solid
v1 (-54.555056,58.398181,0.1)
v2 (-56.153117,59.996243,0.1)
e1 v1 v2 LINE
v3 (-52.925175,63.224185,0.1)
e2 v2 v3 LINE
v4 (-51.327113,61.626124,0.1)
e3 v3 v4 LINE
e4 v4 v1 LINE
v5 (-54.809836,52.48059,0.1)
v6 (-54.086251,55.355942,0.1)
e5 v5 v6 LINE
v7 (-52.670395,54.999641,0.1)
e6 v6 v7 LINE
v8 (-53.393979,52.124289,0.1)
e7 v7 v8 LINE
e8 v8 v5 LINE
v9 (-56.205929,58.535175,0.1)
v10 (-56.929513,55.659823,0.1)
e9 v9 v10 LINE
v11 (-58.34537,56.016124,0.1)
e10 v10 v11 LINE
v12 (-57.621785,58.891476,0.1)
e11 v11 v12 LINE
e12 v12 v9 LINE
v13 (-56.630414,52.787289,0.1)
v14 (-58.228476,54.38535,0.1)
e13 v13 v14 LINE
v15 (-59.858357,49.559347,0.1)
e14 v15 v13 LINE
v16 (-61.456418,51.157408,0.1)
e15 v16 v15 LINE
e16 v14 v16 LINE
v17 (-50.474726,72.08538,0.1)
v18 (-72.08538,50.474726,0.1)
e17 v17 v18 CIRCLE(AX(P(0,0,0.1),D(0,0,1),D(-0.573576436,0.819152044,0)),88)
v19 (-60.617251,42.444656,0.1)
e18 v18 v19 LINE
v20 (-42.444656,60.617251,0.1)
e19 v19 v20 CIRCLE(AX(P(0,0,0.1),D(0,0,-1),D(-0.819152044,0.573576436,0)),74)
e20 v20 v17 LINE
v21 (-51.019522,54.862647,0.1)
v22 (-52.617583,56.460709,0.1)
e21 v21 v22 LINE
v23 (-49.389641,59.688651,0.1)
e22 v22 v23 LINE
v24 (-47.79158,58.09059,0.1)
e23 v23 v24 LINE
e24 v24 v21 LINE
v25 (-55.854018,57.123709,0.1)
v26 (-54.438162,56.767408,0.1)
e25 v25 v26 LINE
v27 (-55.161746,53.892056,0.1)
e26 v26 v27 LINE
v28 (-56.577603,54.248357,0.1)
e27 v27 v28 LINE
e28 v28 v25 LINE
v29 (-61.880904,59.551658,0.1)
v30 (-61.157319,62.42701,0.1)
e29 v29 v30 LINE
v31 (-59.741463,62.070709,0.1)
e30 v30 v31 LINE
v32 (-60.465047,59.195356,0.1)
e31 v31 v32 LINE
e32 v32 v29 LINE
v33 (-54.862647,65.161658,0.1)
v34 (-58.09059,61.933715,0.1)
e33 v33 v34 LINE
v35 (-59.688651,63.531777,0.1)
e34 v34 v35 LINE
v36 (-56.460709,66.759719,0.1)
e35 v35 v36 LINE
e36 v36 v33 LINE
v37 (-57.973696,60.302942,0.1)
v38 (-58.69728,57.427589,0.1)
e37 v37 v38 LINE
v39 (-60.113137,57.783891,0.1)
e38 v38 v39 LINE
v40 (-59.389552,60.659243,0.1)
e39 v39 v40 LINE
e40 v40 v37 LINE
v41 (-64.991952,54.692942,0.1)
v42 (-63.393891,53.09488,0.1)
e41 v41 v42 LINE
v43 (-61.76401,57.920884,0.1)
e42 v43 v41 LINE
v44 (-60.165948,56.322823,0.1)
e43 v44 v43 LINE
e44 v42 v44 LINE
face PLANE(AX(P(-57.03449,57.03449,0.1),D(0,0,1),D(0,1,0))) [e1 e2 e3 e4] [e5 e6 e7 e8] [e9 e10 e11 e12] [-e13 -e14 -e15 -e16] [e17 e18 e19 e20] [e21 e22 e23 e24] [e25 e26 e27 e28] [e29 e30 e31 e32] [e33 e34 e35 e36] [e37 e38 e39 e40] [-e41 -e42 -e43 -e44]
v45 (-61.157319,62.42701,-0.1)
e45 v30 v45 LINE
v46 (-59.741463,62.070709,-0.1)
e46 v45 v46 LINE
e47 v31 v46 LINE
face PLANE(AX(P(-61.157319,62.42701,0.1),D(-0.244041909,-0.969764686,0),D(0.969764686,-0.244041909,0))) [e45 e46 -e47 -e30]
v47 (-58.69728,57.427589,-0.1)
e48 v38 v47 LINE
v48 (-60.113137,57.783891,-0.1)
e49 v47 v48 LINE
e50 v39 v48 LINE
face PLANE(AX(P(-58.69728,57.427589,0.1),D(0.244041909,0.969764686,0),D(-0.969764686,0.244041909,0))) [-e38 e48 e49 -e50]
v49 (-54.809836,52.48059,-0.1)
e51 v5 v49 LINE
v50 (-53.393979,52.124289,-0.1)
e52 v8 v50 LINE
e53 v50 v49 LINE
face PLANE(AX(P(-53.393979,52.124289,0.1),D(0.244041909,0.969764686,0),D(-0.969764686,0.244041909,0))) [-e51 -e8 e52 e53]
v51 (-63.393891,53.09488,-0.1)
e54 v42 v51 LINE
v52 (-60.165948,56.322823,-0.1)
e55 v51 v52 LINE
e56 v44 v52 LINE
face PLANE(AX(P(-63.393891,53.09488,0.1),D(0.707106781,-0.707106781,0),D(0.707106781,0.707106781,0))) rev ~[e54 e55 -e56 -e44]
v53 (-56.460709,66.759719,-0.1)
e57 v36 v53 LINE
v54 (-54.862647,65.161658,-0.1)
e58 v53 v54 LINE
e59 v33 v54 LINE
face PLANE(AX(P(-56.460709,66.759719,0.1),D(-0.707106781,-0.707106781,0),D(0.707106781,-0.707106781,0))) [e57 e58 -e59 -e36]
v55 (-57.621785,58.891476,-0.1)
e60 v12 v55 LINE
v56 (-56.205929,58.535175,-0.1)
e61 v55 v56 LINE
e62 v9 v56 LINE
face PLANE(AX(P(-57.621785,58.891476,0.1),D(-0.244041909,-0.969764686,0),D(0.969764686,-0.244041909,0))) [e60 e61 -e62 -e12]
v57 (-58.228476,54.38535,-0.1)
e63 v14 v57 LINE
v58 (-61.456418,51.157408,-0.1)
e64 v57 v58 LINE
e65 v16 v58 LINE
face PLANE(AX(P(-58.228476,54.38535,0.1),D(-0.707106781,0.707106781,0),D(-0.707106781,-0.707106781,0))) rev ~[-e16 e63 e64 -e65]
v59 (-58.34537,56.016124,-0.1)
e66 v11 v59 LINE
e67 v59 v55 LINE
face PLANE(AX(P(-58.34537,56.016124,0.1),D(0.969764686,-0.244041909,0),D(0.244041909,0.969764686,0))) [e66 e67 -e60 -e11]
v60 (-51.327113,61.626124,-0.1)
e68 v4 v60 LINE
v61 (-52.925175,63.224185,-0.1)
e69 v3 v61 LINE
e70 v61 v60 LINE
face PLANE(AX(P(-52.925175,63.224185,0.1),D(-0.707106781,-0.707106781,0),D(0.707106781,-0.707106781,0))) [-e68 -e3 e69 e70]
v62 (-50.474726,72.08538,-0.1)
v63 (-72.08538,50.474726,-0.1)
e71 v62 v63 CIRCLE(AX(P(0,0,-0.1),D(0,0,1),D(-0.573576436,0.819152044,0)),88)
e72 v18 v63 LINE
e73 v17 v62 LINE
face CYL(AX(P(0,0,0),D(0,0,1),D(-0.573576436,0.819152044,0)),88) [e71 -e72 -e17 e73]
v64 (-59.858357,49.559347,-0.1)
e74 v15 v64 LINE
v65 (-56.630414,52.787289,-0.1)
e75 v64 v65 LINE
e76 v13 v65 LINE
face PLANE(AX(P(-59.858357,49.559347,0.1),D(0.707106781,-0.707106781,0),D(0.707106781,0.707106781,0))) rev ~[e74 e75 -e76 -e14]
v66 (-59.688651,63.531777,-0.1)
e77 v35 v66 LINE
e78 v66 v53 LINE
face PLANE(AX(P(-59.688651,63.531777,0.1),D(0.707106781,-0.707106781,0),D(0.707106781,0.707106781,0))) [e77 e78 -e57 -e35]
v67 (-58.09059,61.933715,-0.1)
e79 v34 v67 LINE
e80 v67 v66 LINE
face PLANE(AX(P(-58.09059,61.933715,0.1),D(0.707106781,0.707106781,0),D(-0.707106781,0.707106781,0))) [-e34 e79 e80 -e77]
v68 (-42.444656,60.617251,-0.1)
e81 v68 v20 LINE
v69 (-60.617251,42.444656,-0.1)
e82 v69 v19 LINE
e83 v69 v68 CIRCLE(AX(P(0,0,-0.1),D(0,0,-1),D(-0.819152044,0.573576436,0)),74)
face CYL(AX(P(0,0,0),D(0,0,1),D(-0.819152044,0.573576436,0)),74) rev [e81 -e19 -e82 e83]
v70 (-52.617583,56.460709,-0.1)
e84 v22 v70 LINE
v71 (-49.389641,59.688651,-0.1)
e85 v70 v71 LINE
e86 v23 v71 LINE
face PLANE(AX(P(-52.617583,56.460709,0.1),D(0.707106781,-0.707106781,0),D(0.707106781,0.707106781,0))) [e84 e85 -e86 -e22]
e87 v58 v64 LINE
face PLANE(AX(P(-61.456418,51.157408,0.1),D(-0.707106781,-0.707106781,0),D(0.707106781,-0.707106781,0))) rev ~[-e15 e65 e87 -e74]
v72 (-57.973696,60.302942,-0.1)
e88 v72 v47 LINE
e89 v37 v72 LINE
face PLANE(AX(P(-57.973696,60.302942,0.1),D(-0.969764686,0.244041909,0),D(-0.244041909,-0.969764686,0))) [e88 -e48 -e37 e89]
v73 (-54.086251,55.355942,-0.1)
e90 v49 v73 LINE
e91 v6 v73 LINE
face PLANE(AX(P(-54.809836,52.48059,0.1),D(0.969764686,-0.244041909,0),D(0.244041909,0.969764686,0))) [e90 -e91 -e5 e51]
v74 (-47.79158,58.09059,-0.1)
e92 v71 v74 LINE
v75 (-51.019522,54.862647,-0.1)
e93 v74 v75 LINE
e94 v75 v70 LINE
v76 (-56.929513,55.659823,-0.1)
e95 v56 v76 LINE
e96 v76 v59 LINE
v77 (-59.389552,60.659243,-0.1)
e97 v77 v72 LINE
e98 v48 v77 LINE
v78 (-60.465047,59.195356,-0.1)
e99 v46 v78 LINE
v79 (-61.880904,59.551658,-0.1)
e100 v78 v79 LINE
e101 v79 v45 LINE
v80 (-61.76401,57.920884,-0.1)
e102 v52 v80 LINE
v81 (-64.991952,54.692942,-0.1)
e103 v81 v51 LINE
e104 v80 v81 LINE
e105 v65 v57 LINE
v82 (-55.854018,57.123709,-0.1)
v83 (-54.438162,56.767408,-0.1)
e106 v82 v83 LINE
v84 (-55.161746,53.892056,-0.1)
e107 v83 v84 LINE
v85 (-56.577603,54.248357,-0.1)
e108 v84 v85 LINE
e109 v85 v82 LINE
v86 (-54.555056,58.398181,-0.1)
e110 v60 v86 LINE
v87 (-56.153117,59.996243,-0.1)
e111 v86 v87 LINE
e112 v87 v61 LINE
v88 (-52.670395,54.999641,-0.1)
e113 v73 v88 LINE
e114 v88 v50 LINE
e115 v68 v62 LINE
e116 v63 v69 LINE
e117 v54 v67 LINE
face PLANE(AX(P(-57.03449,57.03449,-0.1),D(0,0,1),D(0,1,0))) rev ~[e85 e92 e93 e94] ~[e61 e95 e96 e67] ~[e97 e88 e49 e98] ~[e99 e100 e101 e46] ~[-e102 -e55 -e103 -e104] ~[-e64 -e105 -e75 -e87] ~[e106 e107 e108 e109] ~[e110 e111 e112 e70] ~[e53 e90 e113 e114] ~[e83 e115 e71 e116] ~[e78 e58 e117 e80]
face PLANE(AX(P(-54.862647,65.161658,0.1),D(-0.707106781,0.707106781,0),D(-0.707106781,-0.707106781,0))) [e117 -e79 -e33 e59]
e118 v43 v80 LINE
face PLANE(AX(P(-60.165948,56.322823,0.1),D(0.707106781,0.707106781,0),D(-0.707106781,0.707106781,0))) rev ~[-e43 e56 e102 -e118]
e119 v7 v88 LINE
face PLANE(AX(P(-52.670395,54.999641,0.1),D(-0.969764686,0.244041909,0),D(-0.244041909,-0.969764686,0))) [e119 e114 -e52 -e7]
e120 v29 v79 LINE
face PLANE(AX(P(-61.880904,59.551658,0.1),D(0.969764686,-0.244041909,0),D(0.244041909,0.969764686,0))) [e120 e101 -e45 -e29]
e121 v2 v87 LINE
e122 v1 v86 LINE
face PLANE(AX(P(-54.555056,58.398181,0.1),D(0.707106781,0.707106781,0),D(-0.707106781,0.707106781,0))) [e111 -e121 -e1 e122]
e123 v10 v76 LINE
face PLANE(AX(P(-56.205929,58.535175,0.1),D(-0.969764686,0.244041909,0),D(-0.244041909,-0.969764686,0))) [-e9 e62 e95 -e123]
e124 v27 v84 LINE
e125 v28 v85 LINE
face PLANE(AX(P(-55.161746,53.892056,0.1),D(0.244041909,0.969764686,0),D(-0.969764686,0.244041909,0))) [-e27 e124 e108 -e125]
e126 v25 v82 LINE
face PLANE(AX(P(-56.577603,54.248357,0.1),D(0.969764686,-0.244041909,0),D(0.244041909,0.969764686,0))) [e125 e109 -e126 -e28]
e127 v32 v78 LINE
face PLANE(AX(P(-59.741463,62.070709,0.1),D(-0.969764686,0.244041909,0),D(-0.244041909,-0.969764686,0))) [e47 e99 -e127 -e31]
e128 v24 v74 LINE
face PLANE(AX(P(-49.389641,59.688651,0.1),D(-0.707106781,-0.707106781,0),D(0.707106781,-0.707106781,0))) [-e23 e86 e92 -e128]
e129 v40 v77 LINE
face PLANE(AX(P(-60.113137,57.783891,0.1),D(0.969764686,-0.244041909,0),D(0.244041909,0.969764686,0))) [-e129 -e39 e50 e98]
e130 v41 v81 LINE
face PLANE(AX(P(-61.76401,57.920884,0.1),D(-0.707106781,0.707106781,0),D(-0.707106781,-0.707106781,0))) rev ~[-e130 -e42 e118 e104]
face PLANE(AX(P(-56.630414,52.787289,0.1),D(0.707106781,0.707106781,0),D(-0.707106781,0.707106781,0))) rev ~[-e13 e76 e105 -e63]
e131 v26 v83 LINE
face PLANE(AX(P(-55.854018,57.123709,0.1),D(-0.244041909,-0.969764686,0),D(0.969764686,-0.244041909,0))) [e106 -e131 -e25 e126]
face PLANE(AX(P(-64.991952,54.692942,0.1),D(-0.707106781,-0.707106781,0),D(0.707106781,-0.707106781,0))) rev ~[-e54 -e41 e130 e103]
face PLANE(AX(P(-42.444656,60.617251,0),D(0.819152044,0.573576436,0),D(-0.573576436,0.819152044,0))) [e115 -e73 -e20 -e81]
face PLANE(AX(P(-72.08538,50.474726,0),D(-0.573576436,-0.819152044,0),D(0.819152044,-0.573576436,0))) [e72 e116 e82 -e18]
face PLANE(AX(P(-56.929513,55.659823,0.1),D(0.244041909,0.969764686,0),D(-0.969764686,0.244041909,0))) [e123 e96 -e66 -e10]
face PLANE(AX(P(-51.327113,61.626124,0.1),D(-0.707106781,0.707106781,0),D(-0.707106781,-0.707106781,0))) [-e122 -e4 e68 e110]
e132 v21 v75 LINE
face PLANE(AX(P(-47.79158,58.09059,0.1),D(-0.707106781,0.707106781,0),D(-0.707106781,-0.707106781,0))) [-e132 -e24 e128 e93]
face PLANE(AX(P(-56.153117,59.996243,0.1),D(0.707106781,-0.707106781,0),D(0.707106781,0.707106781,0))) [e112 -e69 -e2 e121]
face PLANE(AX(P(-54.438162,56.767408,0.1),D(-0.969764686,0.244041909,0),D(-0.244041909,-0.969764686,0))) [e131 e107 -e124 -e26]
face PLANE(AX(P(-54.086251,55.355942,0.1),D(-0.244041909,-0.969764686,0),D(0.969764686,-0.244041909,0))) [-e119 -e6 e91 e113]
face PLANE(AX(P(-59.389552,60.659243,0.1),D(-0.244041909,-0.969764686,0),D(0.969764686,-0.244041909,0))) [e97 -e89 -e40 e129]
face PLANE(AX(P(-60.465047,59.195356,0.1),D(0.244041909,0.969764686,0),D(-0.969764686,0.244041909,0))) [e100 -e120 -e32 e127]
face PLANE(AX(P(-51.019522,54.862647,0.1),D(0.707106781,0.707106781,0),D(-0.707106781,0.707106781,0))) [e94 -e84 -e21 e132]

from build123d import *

# Parameters (mm, degrees)
BOSS_EXTRUDE1_DEPTH = 0.1
CUT_EXTRUDE1_DEPTH  = 102.944318085


with BuildPart() as part:
    # Sketch1 → Boss-Extrude1 (new, symmetric)
    with BuildSketch(Plane(origin=(0, 0, 0), x_dir=(0, 1, 0), z_dir=(0, 0, 1))):
        with BuildLine():
            Line((50.474726399, 72.085379897), (42.44465629, 60.617251277))
            ThreePointArc((42.44465629, 60.617251277), (52.325901808, 52.325901808), (60.617251277, 42.44465629))
            Line((60.617251277, 42.44465629), (72.085379897, 50.474726399))
            ThreePointArc((72.085379897, 50.474726399), (62.225396744, 62.225396744), (50.474726399, 72.085379897))
        make_face()
    extrude(amount=BOSS_EXTRUDE1_DEPTH, both=True)

    # Sketch2 → Cut-Extrude1 (cut, through all)
    with BuildSketch(Plane.XY.offset(0.1)):
        Polygon((-54.809835721, 52.480589816), (-54.086251462, 55.355942111), (-52.67039502, 54.999640924), (-53.393979279, 52.124288629), align=None)
        Polygon((-56.577602674, 54.248356769), (-55.854018415, 57.123709064), (-54.438161973, 56.767407877), (-55.161746232, 53.892055582), align=None)
        Polygon((-58.345369627, 56.016123722), (-57.621785368, 58.891476017), (-56.205928926, 58.53517483), (-56.929513185, 55.659822535), align=None)
        Polygon((-60.11313658, 57.783890675), (-59.389552321, 60.65924297), (-57.973695879, 60.302941783), (-58.697280138, 57.427589488), align=None)
        Polygon((-61.880903533, 59.551657628), (-61.157319274, 62.427009923), (-59.741462831, 62.070708736), (-60.465047091, 59.195356441), align=None)
        Polygon((-51.01952203, 54.862647385), (-52.617583355, 56.460708711), (-49.389640899, 59.688651167), (-47.791579573, 58.090589841), align=None)
        Polygon((-59.858356794, 49.559346526), (-56.630414338, 52.787288983), (-58.228475664, 54.385350308), (-61.45641812, 51.157407852), align=None)
        Polygon((-54.555055935, 58.398181291), (-56.153117261, 59.996242617), (-52.925174805, 63.224185073), (-51.327113479, 61.626123747), align=None)
        Polygon((-58.090589841, 61.933715197), (-59.688651167, 63.531776523), (-56.460708711, 66.759718979), (-54.862647385, 65.161657653), align=None)
        Polygon((-63.3938907, 53.094880432), (-60.165948244, 56.322822888), (-61.76400957, 57.920884214), (-64.991952026, 54.692941758), align=None)
    extrude(amount=-CUT_EXTRUDE1_DEPTH, mode=Mode.SUBTRACT)


solid = part.part
